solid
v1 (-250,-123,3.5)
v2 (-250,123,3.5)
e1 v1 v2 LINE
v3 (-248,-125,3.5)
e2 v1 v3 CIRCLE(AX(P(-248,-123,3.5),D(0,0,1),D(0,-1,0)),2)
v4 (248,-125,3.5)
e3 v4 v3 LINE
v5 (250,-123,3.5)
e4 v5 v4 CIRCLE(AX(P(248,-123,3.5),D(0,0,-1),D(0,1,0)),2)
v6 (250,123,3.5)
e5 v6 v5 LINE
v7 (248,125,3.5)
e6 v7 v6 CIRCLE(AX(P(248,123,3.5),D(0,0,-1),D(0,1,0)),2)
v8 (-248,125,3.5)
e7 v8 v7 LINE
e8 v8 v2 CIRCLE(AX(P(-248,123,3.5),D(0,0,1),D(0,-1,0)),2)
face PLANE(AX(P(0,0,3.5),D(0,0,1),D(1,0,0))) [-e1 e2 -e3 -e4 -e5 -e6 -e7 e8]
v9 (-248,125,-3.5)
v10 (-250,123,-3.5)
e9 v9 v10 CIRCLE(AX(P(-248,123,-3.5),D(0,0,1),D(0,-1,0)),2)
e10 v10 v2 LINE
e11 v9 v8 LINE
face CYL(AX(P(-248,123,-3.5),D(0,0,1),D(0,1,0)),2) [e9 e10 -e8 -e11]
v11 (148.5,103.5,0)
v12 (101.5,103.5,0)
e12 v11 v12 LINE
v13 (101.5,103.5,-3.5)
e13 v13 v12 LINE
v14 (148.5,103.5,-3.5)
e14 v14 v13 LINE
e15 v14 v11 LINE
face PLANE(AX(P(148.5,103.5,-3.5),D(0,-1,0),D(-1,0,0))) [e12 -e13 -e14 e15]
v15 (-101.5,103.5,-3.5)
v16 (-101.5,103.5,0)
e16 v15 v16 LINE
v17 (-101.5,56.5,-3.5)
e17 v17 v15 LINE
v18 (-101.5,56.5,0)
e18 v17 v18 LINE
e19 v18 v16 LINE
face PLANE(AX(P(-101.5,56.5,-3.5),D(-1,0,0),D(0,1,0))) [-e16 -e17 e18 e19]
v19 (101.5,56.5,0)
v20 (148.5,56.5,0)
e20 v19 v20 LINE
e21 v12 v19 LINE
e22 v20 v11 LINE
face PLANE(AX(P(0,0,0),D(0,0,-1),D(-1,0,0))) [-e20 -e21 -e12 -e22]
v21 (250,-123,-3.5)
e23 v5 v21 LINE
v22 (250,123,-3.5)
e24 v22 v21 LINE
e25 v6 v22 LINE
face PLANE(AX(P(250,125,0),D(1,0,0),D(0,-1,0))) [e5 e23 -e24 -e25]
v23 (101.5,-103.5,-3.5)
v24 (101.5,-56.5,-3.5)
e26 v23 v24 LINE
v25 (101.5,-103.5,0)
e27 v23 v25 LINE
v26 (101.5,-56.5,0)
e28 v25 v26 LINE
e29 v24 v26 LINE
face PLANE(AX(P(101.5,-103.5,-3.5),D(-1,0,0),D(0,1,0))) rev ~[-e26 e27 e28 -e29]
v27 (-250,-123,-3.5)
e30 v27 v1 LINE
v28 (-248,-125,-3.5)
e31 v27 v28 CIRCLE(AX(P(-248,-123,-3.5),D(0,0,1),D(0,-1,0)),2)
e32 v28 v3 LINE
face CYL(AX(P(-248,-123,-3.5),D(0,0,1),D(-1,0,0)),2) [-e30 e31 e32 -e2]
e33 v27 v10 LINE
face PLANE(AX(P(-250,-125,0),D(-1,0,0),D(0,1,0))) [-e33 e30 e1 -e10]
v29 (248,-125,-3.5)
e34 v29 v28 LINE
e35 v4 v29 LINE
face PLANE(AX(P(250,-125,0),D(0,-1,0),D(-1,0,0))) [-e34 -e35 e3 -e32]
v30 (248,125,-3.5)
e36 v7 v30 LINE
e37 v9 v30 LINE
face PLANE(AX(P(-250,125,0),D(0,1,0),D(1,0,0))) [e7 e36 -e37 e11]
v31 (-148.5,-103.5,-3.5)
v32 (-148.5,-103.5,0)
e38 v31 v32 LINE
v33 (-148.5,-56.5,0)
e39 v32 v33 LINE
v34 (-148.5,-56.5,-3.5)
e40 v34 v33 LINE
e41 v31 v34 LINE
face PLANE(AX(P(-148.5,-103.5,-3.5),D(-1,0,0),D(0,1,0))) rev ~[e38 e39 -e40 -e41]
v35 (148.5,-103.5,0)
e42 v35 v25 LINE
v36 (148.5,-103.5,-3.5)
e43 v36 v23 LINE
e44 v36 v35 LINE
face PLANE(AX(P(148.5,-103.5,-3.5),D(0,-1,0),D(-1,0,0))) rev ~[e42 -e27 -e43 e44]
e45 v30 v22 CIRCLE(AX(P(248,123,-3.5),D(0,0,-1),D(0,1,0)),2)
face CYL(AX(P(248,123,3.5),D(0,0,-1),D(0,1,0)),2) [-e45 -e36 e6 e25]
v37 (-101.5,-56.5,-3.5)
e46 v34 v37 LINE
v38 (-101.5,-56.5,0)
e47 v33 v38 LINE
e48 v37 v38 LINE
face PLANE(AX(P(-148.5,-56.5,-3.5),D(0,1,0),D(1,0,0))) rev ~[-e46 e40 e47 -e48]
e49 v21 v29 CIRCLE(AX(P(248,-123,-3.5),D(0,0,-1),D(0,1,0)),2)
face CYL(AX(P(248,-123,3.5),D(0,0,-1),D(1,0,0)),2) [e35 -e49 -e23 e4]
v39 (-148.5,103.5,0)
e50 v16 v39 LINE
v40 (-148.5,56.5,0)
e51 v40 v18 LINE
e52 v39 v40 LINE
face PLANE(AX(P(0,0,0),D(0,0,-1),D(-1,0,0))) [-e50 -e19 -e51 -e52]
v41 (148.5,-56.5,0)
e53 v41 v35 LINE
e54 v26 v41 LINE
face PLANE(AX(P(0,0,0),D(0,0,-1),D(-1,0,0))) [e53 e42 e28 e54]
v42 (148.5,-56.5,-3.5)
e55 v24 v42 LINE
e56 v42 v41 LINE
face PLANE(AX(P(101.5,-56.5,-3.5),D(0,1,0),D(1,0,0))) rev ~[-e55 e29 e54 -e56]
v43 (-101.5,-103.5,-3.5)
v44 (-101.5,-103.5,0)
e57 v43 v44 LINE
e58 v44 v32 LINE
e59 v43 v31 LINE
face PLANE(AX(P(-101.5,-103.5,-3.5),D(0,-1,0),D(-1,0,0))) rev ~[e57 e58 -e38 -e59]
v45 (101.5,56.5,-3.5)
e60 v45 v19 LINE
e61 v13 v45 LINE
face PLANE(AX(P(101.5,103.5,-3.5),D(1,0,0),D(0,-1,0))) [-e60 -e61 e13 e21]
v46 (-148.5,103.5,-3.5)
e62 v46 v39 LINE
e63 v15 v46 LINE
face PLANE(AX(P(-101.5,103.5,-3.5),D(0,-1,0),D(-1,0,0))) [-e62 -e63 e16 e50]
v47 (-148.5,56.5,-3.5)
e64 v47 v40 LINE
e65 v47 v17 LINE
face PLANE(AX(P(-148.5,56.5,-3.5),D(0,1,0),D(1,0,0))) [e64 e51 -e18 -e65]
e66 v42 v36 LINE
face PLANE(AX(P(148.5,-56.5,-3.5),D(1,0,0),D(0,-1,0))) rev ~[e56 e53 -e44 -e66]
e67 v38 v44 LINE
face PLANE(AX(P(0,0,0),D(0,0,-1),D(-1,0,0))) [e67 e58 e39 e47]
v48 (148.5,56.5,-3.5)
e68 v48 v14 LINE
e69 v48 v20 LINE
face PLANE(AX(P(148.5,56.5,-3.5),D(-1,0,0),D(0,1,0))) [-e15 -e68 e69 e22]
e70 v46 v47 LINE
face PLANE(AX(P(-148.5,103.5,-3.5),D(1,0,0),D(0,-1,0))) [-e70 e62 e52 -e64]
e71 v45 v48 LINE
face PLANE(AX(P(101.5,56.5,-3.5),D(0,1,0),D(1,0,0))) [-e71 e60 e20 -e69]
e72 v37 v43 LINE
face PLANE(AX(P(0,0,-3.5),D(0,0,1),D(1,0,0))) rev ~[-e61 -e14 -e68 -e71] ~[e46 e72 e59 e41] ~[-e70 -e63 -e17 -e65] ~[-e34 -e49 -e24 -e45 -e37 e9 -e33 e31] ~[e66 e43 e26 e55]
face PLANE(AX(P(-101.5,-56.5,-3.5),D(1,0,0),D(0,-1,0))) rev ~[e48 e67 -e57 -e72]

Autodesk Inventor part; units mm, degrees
sketch "Sketch1" plane through (0, 0, 0) normal (0, 0, 1) x (1, 0, 0)
  line L0 (-250, 125) -> (250, 125)
  line L1 (250, 125) -> (250, -125)
  line L2 (250, -125) -> (-250, -125)
  line L3 (-250, -125) -> (-250, 125)
  line L4 (-250, 125) -> (250, -125) construction
  line L5 (250, 125) -> (-250, -125) construction
  point P0 (0, 0)
  point P1 (0, 0)
  dimension "d0" = 500
  dimension "d1" = 250
extrude "Extrusion1" add sketch "Sketch1" along normal mid plane 7
fillet "Fillet1" radius 2 4 edges at (250, 125, 0) (-250, 125, 0) (-250, -125, 0) (250, -125, 0)
sketch "Sketch2" plane through (0, 0, -3.5) normal (0, 0, -1) x (-1, 0, 0)
  line L0 (-102, -103) -> (-102, -57) projected
  line L1 (-102, -57) -> (-148, -57) projected
  line L2 (-148, -57) -> (-148, -103) projected
  line L3 (-148, -103) -> (-102, -103) projected
  line L4 (-105, -100) -> (-145, -100) projected
  line L5 (-145, -100) -> (-145, -60) projected
  line L6 (-145, -60) -> (-105, -60) projected
  line L7 (-105, -60) -> (-105, -100) projected
  line L8 (-101.5, -103.5) -> (-101.5, -56.5)
  line L9 (-101.5, -56.5) -> (-148.5, -56.5)
  line L10 (-148.5, -56.5) -> (-148.5, -103.5)
  line L11 (-148.5, -103.5) -> (-101.5, -103.5)
  line L12 (148, -103) -> (148, -57) projected
  line L13 (148, -57) -> (102, -57) projected
  line L14 (102, -57) -> (102, -103) projected
  line L15 (102, -103) -> (148, -103) projected
  line L16 (145, -100) -> (105, -100) projected
  line L17 (105, -100) -> (105, -60) projected
  line L18 (105, -60) -> (145, -60) projected
  line L19 (145, -60) -> (145, -100) projected
  line L20 (102, 103) -> (102, 57) projected
  line L21 (102, 57) -> (148, 57) projected
  line L22 (148, 57) -> (148, 103) projected
  line L23 (148, 103) -> (102, 103) projected
  line L24 (105, 100) -> (145, 100) projected
  line L25 (145, 100) -> (145, 60) projected
  line L26 (145, 60) -> (105, 60) projected
  line L27 (105, 60) -> (105, 100) projected
  line L28 (-148, 103) -> (-148, 57) projected
  line L29 (-148, 57) -> (-102, 57) projected
  line L30 (-102, 57) -> (-102, 103) projected
  line L31 (-102, 103) -> (-148, 103) projected
  line L32 (-145, 100) -> (-105, 100) projected
  line L33 (-105, 100) -> (-105, 60) projected
  line L34 (-105, 60) -> (-145, 60) projected
  line L35 (-145, 60) -> (-145, 100) projected
  line L36 (148.5, -103.5) -> (148.5, -56.5)
  line L37 (148.5, -56.5) -> (101.5, -56.5)
  line L38 (101.5, -56.5) -> (101.5, -103.5)
  line L39 (101.5, -103.5) -> (148.5, -103.5)
  line L40 (148.5, 56.5) -> (101.5, 56.5)
  line L41 (101.5, 56.5) -> (101.5, 103.5)
  line L42 (101.5, 103.5) -> (148.5, 103.5)
  line L43 (148.5, 103.5) -> (148.5, 56.5)
  line L44 (-101.5, 56.5) -> (-148.5, 56.5)
  line L45 (-148.5, 56.5) -> (-148.5, 103.5)
  line L46 (-148.5, 103.5) -> (-101.5, 103.5)
  line L47 (-101.5, 103.5) -> (-101.5, 56.5)
  point P0 (0, 0)
  dimension "d5" = 0.5
extrude "Extrusion2" cut sketch "Sketch2" against normal blind 3.5 contours L3 L2 L1 L0 | L4 L5 L6 L7 | L11 L10 L9 L8 | L15 L14 L13 L12 | L16 L17 L18 L19 | L23 L22 L21 L20 | L24 L25 L26 L27 | L31 L30 L29 L28 | L32 L33 L34 L35 | L39 L38 L37 L36 | L40 L41 L42 L43 | L44 L45 L46 L47
properties part number "sessao_07_04_002_001"
